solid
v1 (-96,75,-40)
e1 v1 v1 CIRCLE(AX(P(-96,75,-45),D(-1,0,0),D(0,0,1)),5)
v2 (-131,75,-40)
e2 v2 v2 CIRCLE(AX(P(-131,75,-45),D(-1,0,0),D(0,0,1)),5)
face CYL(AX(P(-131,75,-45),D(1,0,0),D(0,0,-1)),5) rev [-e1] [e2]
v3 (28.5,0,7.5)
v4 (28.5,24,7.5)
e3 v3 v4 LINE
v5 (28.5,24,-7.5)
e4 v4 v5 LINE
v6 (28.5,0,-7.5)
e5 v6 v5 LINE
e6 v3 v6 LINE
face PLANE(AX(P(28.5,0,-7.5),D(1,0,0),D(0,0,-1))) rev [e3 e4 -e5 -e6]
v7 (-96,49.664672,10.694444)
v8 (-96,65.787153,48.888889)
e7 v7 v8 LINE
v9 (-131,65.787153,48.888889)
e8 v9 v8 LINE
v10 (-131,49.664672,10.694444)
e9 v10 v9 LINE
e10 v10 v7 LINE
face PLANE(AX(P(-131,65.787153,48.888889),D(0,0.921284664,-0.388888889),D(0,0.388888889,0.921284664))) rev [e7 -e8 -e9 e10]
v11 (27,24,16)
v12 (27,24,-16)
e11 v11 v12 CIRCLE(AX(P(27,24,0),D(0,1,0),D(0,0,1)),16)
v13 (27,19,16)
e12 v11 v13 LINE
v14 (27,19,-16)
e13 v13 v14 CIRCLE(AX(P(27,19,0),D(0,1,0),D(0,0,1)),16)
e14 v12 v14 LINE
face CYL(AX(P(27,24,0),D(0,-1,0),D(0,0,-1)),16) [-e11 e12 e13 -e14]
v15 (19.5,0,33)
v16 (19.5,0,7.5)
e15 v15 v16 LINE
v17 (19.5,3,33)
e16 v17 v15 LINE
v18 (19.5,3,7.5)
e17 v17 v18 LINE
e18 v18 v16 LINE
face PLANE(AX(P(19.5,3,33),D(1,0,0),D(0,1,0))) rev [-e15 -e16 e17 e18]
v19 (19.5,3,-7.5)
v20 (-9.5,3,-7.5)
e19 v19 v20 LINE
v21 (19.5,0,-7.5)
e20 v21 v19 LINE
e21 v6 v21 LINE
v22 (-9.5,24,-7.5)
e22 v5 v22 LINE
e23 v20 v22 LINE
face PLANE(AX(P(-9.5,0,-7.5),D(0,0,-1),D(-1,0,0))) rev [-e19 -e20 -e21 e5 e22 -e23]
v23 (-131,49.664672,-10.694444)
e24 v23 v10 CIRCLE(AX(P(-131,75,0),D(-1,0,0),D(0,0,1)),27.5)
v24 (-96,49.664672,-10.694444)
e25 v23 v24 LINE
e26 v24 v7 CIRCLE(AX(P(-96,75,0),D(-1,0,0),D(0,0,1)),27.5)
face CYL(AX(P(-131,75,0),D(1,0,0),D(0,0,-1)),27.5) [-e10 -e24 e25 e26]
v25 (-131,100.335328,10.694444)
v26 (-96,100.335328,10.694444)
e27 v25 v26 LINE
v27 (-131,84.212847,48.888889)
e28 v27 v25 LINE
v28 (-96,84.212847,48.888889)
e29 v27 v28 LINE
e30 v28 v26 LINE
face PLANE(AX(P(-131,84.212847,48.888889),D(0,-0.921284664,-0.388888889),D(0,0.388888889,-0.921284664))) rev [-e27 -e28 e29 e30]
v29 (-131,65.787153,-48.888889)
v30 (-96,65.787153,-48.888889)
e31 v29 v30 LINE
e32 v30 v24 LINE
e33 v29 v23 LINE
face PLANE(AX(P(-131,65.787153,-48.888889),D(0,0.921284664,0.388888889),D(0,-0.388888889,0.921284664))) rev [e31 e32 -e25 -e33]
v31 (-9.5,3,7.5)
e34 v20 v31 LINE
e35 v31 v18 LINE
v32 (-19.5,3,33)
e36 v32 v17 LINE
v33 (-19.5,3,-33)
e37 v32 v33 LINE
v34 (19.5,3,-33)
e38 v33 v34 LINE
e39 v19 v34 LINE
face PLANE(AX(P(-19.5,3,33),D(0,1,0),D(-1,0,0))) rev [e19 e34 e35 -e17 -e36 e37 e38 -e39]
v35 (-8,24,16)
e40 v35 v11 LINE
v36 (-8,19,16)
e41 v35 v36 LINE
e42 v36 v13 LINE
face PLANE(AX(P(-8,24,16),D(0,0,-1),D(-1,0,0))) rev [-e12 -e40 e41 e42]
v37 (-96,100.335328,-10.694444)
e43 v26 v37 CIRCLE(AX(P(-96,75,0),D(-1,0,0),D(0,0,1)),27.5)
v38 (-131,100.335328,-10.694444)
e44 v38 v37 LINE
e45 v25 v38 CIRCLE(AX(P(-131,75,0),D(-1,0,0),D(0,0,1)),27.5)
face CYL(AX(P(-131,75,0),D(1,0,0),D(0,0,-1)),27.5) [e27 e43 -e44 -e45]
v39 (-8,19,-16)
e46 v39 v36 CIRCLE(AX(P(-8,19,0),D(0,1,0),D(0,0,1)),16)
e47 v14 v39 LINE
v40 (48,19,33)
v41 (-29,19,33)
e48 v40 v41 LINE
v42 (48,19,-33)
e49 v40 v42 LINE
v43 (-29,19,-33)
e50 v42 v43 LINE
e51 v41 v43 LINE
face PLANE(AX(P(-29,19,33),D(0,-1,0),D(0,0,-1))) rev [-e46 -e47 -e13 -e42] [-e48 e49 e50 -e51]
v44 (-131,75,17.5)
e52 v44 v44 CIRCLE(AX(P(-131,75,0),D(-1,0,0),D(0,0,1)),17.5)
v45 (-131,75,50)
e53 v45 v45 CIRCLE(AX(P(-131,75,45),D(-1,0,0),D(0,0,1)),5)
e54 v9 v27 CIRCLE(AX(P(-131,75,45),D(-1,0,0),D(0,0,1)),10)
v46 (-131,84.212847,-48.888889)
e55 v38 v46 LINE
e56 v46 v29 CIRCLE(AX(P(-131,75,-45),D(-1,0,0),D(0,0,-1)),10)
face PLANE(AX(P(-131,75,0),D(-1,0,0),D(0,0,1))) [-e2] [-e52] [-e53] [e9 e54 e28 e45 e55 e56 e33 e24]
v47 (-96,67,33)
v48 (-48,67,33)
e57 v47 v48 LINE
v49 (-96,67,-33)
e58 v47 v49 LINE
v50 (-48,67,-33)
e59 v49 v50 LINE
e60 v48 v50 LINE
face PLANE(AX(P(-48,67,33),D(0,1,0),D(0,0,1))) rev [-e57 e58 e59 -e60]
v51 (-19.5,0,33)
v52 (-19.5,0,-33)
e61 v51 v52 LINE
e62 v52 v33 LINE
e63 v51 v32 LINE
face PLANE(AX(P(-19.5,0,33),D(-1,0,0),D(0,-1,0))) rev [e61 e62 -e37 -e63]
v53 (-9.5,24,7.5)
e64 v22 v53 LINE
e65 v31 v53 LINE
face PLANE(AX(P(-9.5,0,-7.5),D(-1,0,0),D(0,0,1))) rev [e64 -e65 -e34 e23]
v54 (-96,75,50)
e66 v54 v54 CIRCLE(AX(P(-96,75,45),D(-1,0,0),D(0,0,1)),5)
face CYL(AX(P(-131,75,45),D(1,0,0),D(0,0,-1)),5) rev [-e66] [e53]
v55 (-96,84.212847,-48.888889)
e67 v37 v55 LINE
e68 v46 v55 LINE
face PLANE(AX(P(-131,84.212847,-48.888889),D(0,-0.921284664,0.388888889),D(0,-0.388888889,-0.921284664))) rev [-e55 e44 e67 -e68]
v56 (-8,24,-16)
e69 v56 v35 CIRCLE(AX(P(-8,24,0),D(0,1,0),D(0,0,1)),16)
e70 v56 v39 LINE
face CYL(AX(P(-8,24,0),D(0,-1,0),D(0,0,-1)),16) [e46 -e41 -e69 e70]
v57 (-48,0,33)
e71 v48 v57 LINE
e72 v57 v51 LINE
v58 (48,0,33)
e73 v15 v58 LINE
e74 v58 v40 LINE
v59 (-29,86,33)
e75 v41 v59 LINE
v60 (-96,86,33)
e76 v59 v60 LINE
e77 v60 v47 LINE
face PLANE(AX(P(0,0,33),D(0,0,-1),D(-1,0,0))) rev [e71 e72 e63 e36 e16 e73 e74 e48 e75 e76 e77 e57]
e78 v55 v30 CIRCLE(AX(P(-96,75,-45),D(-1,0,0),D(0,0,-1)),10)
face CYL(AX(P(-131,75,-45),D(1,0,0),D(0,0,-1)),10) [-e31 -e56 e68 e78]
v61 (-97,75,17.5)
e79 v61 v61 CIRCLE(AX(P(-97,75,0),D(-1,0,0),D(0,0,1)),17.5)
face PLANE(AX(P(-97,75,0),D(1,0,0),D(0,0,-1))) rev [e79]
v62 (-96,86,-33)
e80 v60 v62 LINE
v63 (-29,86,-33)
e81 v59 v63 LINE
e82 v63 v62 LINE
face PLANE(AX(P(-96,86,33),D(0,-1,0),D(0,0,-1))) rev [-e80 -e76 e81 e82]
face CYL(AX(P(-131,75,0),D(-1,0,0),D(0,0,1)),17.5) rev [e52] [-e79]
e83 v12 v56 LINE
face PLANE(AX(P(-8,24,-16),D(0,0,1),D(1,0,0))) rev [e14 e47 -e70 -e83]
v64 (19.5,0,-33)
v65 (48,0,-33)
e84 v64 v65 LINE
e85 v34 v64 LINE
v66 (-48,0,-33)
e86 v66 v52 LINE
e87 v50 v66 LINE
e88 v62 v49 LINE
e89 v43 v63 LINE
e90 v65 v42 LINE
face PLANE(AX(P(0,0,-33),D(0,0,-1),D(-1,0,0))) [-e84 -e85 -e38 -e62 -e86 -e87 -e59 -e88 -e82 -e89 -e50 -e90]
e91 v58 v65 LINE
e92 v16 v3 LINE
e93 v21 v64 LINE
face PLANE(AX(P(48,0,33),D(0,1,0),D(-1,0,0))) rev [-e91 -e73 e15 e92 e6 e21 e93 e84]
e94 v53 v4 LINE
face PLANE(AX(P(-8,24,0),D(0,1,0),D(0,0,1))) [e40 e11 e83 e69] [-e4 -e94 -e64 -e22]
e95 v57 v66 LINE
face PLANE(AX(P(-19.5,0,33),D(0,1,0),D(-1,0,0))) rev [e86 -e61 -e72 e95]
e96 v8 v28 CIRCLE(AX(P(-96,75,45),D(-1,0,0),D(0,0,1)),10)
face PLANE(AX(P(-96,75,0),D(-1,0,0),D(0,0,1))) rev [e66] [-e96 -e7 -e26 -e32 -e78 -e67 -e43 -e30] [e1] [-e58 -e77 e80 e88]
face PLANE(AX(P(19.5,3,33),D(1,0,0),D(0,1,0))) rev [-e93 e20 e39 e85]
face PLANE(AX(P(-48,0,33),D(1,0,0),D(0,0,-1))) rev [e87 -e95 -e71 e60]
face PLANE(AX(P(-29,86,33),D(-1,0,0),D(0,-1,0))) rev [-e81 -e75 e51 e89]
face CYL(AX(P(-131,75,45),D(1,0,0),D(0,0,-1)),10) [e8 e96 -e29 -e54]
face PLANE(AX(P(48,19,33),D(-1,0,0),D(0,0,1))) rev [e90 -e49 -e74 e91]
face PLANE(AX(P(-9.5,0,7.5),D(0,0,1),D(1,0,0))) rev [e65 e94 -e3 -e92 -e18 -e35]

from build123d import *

# Parameters (mm, degrees)
BOSS_EXTRUDE1_DEPTH = 33
BOSS_EXTRUDE2_DEPTH = 5
SKETCH3_W           = 38
SKETCH3_H           = 15
CUT_EXTRUDE1_DEPTH  = 119.949569146
SKETCH4_R           = 5
BOSS_EXTRUDE3_DEPTH = 35
HOLE1_D             = 35
HOLE1_DEPTH         = 34


with BuildPart() as part:
    # Sketch1 → Boss-Extrude1 (new, symmetric)
    with BuildSketch(Plane.XY):
        Polygon((-96, 86), (-29, 86), (-29, 19), (48, 19), (48, 0), (19.5, 0), (19.5, 3), (-19.5, 3), (-19.5, 0), (-48, 0), (-48, 67), (-96, 67), align=None)
    extrude(amount=BOSS_EXTRUDE1_DEPTH, both=True)

    # Sketch2 → Boss-Extrude2 (add)
    with BuildSketch(Plane(origin=(0, 19, 0), x_dir=(1, 0, 0), z_dir=(0, 1, 0))):
        with BuildLine():
            Line((-8, 16), (27, 16))
            ThreePointArc((27, 16), (43, 0), (27, -16))
            Line((27, -16), (-8, -16))
            ThreePointArc((-8, -16), (-24, 0), (-8, 16))
        make_face()
    extrude(amount=BOSS_EXTRUDE2_DEPTH)

    # Sketch3 → Cut-Extrude1 (cut, through all)
    with BuildSketch(Plane(origin=(0, 24, 0), x_dir=(1, 0, 0), z_dir=(0, 1, 0))):
        with Locations((9.5, 0)):
            Rectangle(SKETCH3_W, SKETCH3_H)
    extrude(amount=-CUT_EXTRUDE1_DEPTH, mode=Mode.SUBTRACT)

    # Sketch4 → Boss-Extrude3 (add)
    with BuildSketch(Plane.ZY.offset(96)):
        with BuildLine():
            Line((-48.888888889, 84.21284664), (-10.694444444, 100.33532826))
            ThreePointArc((-10.694444444, 100.33532826), (0, 102.5), (10.694444444, 100.33532826))
            Line((10.694444444, 100.33532826), (48.888888889, 84.21284664))
            ThreePointArc((48.888888889, 84.21284664), (55, 75), (48.888888889, 65.78715336))
            Line((48.888888889, 65.78715336), (10.694444444, 49.66467174))
            ThreePointArc((10.694444444, 49.66467174), (0, 47.5), (-10.694444444, 49.66467174))
            Line((-10.694444444, 49.66467174), (-48.888888889, 65.78715336))
            ThreePointArc((-48.888888889, 65.78715336), (-55, 75), (-48.888888889, 84.21284664))
        make_face()
        with Locations((-45, 75)):
            Circle(SKETCH4_R, mode=Mode.SUBTRACT)
        with Locations((45, 75)):
            Circle(SKETCH4_R, mode=Mode.SUBTRACT)
    extrude(amount=BOSS_EXTRUDE3_DEPTH)

    # Hole1
    with Locations(Plane.ZY.offset(131)):
        with Locations((0, 75)):
            Hole(HOLE1_D / 2, depth=HOLE1_DEPTH)


solid = part.part
